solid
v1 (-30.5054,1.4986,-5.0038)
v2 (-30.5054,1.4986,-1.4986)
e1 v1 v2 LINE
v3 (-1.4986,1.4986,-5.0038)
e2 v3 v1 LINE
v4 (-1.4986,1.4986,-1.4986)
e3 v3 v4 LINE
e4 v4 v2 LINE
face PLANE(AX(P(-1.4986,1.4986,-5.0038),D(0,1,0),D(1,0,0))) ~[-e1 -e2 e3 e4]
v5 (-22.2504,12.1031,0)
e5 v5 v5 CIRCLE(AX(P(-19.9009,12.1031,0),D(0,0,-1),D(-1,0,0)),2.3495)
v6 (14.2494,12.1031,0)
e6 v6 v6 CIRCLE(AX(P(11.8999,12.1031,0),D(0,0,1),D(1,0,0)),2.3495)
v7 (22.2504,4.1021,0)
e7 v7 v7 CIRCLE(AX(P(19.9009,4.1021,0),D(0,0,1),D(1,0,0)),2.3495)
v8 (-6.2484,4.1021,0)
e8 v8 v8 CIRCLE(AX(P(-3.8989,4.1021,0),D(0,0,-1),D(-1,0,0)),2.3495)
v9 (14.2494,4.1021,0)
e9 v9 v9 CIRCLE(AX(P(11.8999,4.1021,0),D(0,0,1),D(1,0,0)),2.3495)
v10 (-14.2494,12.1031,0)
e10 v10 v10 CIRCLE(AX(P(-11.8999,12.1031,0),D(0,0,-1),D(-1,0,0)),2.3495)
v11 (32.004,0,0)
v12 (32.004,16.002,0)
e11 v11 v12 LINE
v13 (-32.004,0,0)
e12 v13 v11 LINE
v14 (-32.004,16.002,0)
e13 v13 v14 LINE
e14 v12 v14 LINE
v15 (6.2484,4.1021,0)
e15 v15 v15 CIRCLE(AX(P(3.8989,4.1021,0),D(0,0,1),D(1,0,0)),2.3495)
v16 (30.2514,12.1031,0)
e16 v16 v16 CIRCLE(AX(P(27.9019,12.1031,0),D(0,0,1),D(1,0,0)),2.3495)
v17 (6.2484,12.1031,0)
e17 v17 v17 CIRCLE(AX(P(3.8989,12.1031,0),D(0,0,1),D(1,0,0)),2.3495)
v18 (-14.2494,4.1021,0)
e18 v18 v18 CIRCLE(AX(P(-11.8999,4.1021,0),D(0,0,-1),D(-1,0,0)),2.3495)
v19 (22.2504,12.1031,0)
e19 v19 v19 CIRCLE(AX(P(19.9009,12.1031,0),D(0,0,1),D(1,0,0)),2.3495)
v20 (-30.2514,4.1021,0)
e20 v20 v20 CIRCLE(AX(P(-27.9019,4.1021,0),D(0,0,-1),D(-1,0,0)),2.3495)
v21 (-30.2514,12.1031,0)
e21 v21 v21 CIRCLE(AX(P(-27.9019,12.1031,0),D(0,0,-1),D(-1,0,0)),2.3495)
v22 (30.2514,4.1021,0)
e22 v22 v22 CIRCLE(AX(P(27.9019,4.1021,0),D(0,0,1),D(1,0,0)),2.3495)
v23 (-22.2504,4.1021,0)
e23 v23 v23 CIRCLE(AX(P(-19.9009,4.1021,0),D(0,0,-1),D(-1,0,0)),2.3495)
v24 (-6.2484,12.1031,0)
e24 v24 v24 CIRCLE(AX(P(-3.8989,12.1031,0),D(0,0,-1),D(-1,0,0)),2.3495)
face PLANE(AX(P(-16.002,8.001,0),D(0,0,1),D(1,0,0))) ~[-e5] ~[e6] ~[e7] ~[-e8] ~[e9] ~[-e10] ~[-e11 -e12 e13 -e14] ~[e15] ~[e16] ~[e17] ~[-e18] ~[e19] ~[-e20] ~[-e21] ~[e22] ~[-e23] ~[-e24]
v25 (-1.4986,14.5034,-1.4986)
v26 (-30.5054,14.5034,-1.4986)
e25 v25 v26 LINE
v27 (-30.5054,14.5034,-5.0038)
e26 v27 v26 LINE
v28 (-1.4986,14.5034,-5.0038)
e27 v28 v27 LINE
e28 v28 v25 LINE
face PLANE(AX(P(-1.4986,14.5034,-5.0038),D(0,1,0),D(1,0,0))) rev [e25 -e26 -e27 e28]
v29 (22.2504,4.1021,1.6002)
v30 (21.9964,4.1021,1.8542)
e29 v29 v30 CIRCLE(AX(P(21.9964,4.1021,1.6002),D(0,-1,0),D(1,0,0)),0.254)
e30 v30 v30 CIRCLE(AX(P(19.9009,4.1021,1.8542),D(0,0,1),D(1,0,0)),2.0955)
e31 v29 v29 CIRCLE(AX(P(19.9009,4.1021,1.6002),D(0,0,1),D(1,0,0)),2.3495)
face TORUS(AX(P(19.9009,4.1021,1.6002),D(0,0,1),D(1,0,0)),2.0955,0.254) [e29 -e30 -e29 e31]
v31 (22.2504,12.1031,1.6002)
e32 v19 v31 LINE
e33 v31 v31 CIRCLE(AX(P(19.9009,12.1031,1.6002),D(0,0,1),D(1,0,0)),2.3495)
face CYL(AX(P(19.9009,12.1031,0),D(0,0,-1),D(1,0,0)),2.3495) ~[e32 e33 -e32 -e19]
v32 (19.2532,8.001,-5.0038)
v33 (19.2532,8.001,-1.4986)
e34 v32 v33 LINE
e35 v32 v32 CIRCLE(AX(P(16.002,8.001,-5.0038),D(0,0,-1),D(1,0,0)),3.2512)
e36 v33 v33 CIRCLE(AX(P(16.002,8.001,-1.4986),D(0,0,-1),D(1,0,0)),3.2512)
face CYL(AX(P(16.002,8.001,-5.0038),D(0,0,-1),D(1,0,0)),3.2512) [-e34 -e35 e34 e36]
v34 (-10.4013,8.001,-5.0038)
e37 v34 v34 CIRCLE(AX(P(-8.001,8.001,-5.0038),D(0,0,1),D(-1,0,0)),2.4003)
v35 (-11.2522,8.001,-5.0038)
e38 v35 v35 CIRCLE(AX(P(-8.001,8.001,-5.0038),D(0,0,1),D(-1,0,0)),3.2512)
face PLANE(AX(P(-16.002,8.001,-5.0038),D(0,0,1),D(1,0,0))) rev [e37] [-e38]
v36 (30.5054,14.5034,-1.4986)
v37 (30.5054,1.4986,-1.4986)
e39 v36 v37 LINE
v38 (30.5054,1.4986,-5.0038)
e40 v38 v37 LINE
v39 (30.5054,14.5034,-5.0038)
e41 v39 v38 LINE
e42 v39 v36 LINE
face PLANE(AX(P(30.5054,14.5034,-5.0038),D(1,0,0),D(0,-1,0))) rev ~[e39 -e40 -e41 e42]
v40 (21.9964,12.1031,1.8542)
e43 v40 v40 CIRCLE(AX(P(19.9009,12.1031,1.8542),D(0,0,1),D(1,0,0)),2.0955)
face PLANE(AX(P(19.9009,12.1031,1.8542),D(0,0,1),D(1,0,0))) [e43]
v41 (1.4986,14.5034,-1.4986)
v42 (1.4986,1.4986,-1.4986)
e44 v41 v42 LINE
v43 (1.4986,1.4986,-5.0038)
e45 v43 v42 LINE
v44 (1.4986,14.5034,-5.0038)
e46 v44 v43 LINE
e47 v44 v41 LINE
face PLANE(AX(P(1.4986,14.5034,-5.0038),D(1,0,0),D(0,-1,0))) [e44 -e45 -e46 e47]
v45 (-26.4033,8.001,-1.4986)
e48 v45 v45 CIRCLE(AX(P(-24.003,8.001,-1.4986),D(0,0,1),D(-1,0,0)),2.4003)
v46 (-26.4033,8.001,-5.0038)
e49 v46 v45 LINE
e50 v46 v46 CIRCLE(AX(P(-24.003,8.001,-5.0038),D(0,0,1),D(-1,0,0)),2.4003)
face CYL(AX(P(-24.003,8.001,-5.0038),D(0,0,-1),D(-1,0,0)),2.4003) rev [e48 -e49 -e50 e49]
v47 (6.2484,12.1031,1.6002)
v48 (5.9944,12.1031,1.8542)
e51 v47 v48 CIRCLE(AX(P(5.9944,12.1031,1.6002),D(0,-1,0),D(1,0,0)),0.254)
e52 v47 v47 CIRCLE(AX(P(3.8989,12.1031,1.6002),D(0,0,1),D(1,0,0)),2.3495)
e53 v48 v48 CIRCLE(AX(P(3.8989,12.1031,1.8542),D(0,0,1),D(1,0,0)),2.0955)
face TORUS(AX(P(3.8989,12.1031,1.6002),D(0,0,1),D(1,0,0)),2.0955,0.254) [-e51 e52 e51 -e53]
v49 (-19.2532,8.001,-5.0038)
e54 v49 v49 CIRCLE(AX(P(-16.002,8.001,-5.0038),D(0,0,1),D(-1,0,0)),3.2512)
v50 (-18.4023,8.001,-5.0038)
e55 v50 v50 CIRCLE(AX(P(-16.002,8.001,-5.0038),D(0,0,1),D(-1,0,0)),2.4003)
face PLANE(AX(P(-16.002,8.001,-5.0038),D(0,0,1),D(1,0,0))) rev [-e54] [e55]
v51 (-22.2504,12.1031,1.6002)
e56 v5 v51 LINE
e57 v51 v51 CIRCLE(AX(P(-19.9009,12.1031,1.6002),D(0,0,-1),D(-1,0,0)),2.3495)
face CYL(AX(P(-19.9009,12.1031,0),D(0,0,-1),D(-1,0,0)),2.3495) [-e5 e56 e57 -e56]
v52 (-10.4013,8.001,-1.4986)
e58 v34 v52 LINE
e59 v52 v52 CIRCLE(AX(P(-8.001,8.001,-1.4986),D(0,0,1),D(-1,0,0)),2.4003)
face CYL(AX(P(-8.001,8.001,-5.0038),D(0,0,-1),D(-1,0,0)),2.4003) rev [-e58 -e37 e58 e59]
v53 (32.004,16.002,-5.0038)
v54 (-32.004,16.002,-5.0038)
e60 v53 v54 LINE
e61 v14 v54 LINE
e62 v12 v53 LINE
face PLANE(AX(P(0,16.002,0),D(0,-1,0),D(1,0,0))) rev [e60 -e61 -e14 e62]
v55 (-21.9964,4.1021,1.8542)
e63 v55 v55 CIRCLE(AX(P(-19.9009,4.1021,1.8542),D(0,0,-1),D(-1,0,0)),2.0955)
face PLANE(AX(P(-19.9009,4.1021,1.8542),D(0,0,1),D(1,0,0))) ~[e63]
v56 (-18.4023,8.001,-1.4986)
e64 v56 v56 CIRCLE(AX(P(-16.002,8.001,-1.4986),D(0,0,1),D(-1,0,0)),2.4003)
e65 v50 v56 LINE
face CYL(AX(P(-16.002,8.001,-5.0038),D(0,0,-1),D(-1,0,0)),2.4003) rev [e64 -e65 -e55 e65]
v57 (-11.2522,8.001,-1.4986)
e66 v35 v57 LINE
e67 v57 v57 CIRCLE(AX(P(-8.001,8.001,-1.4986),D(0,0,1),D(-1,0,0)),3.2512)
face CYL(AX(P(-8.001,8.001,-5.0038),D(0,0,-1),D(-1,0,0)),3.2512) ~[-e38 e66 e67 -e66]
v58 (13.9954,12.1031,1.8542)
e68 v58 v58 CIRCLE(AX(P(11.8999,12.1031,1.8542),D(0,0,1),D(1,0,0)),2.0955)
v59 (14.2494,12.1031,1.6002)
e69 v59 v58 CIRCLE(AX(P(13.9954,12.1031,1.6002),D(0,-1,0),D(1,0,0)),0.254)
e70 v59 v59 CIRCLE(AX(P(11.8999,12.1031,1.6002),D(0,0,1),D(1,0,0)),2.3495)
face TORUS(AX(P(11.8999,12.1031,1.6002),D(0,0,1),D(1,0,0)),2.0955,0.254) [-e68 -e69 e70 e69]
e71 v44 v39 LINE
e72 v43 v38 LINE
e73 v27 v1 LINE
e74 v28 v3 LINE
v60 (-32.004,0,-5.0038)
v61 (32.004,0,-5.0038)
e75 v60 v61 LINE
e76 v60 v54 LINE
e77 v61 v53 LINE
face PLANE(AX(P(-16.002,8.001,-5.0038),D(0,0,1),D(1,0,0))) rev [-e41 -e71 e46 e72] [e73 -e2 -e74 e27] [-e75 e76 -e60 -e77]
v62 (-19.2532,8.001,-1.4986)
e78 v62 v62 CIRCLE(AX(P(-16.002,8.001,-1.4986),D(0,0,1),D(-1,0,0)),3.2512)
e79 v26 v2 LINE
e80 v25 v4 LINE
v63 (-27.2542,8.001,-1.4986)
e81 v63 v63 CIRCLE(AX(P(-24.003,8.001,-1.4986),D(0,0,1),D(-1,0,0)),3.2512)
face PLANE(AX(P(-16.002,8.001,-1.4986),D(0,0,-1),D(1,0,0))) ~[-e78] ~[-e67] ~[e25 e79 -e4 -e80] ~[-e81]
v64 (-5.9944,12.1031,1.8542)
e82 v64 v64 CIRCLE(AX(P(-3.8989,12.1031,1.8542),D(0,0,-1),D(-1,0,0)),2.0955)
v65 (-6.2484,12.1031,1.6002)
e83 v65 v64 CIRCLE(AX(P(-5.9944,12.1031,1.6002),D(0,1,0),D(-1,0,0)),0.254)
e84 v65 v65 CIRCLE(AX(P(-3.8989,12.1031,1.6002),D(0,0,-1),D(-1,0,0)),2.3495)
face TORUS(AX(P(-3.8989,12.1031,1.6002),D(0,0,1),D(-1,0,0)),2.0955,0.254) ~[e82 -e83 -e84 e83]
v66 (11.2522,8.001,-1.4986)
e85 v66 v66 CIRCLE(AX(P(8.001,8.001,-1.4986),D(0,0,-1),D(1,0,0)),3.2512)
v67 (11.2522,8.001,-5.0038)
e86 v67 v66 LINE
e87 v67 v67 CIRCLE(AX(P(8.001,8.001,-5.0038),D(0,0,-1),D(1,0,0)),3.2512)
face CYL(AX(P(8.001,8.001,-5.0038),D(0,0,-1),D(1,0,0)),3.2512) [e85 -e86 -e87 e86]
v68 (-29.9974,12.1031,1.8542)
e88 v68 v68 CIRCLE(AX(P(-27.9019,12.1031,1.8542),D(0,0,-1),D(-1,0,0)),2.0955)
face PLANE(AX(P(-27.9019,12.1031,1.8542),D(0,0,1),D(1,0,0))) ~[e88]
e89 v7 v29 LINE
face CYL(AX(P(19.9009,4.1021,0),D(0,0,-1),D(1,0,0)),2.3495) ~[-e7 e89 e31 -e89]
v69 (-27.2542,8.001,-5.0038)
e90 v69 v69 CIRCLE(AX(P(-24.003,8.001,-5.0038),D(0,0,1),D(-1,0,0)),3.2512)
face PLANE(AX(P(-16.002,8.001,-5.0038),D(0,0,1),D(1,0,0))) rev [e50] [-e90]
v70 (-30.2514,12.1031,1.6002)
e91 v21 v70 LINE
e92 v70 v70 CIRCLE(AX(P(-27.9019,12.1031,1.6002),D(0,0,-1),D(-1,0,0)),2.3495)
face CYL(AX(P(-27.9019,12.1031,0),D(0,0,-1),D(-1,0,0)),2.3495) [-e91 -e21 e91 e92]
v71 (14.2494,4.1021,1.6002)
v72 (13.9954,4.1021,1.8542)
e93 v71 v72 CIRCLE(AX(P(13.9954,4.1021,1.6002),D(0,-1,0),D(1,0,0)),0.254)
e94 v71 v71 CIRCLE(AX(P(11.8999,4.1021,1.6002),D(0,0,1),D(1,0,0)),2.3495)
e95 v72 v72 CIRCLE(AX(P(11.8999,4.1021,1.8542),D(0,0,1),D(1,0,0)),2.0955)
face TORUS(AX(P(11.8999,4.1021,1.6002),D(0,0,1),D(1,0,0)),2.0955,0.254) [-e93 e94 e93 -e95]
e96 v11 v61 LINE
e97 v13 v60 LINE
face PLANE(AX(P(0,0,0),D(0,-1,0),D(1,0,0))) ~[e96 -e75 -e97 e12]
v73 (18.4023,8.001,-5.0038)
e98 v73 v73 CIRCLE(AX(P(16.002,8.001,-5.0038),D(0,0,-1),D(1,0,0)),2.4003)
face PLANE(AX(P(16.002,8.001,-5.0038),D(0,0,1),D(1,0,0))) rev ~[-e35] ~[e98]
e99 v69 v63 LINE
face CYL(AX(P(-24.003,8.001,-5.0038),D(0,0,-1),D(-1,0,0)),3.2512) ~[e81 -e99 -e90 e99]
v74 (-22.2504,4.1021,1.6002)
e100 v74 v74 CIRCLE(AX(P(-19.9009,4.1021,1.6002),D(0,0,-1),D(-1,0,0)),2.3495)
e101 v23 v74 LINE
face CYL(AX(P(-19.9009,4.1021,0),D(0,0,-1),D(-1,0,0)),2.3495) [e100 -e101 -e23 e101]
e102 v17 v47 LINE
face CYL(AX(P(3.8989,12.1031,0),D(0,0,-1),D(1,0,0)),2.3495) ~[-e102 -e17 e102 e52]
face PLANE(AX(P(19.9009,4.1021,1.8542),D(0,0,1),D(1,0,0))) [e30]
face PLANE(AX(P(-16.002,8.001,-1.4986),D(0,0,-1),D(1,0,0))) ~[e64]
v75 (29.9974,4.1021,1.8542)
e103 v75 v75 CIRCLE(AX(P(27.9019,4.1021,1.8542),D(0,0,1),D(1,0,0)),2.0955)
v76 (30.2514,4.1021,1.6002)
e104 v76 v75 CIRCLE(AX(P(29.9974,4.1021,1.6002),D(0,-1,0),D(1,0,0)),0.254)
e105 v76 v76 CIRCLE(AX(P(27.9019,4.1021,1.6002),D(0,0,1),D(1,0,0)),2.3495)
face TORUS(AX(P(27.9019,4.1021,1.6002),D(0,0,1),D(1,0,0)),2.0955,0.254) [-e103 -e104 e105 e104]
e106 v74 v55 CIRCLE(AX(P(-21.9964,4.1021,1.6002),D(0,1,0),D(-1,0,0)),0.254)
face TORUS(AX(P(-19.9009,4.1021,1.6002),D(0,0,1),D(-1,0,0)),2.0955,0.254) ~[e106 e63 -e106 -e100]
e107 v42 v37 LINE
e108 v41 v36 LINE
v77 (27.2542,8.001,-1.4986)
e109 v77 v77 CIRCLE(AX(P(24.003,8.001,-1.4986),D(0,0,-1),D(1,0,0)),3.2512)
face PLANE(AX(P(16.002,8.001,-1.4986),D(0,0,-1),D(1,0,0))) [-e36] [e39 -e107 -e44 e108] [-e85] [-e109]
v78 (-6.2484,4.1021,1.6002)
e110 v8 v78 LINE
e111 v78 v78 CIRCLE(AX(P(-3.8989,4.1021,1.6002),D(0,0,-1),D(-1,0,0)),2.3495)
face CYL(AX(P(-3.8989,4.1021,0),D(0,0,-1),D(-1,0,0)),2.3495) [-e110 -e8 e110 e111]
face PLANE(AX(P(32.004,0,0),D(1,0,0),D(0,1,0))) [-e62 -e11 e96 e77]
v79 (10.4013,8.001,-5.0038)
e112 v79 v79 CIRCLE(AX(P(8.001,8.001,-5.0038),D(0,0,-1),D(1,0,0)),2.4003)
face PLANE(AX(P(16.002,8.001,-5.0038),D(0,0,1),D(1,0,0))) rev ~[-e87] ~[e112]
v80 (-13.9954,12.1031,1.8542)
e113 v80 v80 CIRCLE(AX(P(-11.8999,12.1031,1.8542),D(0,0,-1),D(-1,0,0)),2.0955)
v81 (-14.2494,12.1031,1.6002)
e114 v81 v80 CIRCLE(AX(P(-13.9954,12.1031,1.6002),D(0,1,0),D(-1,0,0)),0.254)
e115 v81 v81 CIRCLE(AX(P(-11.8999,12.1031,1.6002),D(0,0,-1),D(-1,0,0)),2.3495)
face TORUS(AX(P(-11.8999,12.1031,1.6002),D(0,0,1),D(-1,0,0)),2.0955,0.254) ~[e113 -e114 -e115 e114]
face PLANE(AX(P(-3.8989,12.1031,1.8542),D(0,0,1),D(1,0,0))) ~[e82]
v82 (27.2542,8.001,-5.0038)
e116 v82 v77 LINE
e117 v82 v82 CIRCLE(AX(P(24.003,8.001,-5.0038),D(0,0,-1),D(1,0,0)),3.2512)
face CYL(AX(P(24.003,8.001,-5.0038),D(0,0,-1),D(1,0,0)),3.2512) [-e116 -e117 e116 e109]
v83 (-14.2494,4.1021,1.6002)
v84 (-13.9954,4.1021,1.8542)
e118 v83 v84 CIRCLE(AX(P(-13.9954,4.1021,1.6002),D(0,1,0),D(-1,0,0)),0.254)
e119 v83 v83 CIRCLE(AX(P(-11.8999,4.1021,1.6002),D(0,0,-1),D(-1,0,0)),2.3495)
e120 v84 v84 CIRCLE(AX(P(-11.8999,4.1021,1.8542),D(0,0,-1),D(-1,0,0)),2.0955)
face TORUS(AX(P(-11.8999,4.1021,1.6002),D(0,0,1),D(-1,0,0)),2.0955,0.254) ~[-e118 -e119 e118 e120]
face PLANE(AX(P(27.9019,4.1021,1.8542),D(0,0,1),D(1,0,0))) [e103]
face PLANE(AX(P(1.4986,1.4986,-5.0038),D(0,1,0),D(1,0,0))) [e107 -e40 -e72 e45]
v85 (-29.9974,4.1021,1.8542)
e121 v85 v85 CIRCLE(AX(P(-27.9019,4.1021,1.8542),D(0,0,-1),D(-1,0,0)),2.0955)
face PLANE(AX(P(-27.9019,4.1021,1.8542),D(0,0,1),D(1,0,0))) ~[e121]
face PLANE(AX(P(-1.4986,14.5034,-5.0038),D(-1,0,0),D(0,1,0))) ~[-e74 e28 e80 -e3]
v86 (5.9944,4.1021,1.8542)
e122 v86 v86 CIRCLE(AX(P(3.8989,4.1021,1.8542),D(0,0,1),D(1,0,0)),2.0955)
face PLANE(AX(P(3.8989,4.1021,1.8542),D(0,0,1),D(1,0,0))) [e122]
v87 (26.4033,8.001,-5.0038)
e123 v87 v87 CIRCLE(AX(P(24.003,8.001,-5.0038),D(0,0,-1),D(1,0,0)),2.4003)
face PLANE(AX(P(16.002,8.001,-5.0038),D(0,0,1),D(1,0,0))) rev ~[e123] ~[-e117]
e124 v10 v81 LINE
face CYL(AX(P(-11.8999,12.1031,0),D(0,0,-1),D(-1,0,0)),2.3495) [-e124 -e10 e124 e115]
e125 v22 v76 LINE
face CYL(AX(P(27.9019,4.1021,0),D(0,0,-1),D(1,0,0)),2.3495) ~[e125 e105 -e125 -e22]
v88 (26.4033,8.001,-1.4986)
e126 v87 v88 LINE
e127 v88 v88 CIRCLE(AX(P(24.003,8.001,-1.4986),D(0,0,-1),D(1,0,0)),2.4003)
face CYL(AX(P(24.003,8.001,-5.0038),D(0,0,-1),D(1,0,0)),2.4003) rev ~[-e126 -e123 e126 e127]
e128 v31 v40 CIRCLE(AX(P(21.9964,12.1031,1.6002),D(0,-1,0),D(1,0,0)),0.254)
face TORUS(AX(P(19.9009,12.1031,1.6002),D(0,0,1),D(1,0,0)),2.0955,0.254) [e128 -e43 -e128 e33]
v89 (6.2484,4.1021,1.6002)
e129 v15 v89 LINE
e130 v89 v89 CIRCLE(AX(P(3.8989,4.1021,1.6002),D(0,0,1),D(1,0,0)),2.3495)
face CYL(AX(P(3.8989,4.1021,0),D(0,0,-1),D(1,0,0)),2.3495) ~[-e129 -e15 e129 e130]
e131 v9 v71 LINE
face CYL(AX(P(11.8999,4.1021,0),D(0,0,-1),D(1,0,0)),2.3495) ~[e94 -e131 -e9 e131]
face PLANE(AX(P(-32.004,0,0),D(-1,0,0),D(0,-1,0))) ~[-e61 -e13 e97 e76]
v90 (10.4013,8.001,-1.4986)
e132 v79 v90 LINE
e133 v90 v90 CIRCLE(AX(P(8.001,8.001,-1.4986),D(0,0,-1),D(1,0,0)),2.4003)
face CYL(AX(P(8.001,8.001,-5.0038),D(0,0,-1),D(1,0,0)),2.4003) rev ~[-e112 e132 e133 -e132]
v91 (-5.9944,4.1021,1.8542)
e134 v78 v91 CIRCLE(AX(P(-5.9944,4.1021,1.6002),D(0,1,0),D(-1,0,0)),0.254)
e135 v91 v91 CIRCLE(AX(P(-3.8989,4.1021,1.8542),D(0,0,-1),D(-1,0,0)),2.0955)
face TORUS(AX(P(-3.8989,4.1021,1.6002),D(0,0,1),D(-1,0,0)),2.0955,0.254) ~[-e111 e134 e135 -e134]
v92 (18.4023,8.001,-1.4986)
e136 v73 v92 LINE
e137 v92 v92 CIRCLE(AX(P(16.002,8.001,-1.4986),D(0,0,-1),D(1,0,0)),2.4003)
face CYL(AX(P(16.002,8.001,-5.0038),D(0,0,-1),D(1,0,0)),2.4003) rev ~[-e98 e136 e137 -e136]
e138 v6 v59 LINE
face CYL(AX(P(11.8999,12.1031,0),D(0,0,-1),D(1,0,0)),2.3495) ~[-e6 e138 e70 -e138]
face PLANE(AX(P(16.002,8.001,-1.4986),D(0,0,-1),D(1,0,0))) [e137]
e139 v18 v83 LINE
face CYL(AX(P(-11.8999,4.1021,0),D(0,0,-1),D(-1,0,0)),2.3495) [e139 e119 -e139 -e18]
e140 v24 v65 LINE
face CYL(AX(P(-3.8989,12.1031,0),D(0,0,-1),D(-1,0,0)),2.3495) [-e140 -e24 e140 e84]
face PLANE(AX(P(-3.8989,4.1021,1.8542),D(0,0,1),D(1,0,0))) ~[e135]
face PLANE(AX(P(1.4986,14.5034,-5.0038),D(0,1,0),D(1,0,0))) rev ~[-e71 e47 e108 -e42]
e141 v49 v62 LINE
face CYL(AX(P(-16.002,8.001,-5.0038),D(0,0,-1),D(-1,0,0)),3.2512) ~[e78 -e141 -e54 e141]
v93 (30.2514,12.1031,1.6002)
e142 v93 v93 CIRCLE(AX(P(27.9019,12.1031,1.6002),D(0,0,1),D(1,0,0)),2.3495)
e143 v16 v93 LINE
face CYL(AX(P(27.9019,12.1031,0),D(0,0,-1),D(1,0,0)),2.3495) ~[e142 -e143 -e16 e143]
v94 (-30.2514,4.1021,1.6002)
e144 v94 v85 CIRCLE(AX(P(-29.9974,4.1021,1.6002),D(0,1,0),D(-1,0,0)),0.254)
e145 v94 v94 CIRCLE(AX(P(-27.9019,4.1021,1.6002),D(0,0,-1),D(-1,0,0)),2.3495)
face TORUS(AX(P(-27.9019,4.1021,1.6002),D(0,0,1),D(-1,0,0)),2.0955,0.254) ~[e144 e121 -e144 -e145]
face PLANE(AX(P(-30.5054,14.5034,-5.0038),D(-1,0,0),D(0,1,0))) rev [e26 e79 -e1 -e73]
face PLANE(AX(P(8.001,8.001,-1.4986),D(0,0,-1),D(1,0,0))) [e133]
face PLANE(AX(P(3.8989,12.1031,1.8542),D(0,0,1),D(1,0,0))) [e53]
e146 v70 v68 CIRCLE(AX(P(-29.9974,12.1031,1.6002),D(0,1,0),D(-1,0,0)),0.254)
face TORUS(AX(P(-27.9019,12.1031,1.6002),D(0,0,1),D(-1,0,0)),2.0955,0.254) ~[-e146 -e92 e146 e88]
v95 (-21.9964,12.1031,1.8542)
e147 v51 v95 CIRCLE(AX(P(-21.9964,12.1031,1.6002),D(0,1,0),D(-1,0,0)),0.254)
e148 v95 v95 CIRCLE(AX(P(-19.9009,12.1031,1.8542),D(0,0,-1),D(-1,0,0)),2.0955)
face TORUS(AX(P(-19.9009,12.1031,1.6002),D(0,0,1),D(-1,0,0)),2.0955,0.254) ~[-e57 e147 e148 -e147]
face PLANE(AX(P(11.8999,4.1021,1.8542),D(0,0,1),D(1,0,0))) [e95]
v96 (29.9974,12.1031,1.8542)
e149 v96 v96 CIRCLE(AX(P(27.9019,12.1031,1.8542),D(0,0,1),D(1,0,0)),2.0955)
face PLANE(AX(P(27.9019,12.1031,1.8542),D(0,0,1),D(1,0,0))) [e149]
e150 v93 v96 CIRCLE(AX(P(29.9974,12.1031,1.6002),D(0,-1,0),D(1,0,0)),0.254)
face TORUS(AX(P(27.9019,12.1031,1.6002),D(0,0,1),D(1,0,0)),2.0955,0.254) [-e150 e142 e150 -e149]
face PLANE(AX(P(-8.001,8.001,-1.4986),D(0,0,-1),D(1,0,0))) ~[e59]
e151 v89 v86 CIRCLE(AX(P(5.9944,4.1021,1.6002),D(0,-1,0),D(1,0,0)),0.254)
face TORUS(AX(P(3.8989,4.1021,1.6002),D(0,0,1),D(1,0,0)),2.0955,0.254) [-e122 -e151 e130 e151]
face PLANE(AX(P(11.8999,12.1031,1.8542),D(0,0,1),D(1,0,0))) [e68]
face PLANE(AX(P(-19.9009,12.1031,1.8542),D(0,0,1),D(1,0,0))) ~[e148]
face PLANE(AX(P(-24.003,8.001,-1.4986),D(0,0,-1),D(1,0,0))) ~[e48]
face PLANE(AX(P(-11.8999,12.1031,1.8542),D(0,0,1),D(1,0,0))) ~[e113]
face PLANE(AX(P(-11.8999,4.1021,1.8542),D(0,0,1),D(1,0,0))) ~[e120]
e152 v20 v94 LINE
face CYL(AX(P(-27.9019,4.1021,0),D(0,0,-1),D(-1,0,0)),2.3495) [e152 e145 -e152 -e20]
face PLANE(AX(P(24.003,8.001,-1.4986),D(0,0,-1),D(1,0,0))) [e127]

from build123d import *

# Parameters (mm, degrees)
F0_W     = 32.004
F0_H     = 16.002
F1_DEPTH = 5.0038
F2_R     = 2.3495
F3_DEPTH = 1.8542
F4_R     = 0.254
F5_W     = 29.0068
F5_H     = 13.0048
F5_R     = 3.2512
F5_R_2   = 2.4003
F6_DEPTH = 3.5052


with BuildPart() as f1:
    # F0 (on Top) → F1 (new body)
    with BuildSketch(Plane.XY):
        with Locations((16.002, 8.001)):
            Rectangle(F0_W, F0_H)
    extrude(amount=-F1_DEPTH)

    # F2 (on face) → F3 (join)
    with BuildSketch(Plane.XY):
        with Locations((3.8989, 12.1031)):
            Circle(F2_R)
        with Locations((3.8989, 4.1021)):
            Circle(F2_R)
        with Locations((11.8999, 4.1021)):
            Circle(F2_R)
        with Locations((11.8999, 12.1031)):
            Circle(F2_R)
        with Locations((19.9009, 12.1031)):
            Circle(F2_R)
        with Locations((19.9009, 4.1021)):
            Circle(F2_R)
        with Locations((27.9019, 4.1021)):
            Circle(F2_R)
        with Locations((27.9019, 12.1031)):
            Circle(F2_R)
    extrude(amount=F3_DEPTH)

    # F4
    f4_edges = [f1.edges().sort_by_distance(p)[0] for p in [
        (1.5494, 4.1021, 1.8542),
        (1.5494, 12.1031, 1.8542),
        (9.5504, 4.1021, 1.8542),
        (9.5504, 12.1031, 1.8542),
        (17.5514, 4.1021, 1.8542),
        (17.5514, 12.1031, 1.8542),
        (25.5524, 12.1031, 1.8542),
        (25.5524, 4.1021, 1.8542),
    ]]
    fillet(f4_edges, radius=F4_R)

    # F5 (on face) → F6 (cut)
    with BuildSketch(Plane(origin=(0, 0, -5.0038), x_dir=(1, 0, 0), z_dir=(0, 0, -1))):
        with Locations((16.002, -8.001)):
            Rectangle(F5_W, F5_H)
        with Locations((8.001, -8.001)):
            Circle(F5_R, mode=Mode.SUBTRACT)
        with Locations((16.002, -8.001)):
            Circle(F5_R, mode=Mode.SUBTRACT)
        with Locations((24.003, -8.001)):
            Circle(F5_R, mode=Mode.SUBTRACT)
        with Locations((24.003, -8.001)):
            Circle(F5_R_2)
        with Locations((16.002, -8.001)):
            Circle(F5_R_2)
        with Locations((8.001, -8.001)):
            Circle(F5_R_2)
    extrude(amount=-F6_DEPTH, mode=Mode.SUBTRACT)

    # F7: F1 across face


with BuildPart() as f1_1:
    add(f1.part)
    add(f1.part.mirror(Plane(origin=(0, 8.001, -2.5019), x_dir=(0, -1, 0), z_dir=(-1, 0, 0))))


solid = f1_1.part
